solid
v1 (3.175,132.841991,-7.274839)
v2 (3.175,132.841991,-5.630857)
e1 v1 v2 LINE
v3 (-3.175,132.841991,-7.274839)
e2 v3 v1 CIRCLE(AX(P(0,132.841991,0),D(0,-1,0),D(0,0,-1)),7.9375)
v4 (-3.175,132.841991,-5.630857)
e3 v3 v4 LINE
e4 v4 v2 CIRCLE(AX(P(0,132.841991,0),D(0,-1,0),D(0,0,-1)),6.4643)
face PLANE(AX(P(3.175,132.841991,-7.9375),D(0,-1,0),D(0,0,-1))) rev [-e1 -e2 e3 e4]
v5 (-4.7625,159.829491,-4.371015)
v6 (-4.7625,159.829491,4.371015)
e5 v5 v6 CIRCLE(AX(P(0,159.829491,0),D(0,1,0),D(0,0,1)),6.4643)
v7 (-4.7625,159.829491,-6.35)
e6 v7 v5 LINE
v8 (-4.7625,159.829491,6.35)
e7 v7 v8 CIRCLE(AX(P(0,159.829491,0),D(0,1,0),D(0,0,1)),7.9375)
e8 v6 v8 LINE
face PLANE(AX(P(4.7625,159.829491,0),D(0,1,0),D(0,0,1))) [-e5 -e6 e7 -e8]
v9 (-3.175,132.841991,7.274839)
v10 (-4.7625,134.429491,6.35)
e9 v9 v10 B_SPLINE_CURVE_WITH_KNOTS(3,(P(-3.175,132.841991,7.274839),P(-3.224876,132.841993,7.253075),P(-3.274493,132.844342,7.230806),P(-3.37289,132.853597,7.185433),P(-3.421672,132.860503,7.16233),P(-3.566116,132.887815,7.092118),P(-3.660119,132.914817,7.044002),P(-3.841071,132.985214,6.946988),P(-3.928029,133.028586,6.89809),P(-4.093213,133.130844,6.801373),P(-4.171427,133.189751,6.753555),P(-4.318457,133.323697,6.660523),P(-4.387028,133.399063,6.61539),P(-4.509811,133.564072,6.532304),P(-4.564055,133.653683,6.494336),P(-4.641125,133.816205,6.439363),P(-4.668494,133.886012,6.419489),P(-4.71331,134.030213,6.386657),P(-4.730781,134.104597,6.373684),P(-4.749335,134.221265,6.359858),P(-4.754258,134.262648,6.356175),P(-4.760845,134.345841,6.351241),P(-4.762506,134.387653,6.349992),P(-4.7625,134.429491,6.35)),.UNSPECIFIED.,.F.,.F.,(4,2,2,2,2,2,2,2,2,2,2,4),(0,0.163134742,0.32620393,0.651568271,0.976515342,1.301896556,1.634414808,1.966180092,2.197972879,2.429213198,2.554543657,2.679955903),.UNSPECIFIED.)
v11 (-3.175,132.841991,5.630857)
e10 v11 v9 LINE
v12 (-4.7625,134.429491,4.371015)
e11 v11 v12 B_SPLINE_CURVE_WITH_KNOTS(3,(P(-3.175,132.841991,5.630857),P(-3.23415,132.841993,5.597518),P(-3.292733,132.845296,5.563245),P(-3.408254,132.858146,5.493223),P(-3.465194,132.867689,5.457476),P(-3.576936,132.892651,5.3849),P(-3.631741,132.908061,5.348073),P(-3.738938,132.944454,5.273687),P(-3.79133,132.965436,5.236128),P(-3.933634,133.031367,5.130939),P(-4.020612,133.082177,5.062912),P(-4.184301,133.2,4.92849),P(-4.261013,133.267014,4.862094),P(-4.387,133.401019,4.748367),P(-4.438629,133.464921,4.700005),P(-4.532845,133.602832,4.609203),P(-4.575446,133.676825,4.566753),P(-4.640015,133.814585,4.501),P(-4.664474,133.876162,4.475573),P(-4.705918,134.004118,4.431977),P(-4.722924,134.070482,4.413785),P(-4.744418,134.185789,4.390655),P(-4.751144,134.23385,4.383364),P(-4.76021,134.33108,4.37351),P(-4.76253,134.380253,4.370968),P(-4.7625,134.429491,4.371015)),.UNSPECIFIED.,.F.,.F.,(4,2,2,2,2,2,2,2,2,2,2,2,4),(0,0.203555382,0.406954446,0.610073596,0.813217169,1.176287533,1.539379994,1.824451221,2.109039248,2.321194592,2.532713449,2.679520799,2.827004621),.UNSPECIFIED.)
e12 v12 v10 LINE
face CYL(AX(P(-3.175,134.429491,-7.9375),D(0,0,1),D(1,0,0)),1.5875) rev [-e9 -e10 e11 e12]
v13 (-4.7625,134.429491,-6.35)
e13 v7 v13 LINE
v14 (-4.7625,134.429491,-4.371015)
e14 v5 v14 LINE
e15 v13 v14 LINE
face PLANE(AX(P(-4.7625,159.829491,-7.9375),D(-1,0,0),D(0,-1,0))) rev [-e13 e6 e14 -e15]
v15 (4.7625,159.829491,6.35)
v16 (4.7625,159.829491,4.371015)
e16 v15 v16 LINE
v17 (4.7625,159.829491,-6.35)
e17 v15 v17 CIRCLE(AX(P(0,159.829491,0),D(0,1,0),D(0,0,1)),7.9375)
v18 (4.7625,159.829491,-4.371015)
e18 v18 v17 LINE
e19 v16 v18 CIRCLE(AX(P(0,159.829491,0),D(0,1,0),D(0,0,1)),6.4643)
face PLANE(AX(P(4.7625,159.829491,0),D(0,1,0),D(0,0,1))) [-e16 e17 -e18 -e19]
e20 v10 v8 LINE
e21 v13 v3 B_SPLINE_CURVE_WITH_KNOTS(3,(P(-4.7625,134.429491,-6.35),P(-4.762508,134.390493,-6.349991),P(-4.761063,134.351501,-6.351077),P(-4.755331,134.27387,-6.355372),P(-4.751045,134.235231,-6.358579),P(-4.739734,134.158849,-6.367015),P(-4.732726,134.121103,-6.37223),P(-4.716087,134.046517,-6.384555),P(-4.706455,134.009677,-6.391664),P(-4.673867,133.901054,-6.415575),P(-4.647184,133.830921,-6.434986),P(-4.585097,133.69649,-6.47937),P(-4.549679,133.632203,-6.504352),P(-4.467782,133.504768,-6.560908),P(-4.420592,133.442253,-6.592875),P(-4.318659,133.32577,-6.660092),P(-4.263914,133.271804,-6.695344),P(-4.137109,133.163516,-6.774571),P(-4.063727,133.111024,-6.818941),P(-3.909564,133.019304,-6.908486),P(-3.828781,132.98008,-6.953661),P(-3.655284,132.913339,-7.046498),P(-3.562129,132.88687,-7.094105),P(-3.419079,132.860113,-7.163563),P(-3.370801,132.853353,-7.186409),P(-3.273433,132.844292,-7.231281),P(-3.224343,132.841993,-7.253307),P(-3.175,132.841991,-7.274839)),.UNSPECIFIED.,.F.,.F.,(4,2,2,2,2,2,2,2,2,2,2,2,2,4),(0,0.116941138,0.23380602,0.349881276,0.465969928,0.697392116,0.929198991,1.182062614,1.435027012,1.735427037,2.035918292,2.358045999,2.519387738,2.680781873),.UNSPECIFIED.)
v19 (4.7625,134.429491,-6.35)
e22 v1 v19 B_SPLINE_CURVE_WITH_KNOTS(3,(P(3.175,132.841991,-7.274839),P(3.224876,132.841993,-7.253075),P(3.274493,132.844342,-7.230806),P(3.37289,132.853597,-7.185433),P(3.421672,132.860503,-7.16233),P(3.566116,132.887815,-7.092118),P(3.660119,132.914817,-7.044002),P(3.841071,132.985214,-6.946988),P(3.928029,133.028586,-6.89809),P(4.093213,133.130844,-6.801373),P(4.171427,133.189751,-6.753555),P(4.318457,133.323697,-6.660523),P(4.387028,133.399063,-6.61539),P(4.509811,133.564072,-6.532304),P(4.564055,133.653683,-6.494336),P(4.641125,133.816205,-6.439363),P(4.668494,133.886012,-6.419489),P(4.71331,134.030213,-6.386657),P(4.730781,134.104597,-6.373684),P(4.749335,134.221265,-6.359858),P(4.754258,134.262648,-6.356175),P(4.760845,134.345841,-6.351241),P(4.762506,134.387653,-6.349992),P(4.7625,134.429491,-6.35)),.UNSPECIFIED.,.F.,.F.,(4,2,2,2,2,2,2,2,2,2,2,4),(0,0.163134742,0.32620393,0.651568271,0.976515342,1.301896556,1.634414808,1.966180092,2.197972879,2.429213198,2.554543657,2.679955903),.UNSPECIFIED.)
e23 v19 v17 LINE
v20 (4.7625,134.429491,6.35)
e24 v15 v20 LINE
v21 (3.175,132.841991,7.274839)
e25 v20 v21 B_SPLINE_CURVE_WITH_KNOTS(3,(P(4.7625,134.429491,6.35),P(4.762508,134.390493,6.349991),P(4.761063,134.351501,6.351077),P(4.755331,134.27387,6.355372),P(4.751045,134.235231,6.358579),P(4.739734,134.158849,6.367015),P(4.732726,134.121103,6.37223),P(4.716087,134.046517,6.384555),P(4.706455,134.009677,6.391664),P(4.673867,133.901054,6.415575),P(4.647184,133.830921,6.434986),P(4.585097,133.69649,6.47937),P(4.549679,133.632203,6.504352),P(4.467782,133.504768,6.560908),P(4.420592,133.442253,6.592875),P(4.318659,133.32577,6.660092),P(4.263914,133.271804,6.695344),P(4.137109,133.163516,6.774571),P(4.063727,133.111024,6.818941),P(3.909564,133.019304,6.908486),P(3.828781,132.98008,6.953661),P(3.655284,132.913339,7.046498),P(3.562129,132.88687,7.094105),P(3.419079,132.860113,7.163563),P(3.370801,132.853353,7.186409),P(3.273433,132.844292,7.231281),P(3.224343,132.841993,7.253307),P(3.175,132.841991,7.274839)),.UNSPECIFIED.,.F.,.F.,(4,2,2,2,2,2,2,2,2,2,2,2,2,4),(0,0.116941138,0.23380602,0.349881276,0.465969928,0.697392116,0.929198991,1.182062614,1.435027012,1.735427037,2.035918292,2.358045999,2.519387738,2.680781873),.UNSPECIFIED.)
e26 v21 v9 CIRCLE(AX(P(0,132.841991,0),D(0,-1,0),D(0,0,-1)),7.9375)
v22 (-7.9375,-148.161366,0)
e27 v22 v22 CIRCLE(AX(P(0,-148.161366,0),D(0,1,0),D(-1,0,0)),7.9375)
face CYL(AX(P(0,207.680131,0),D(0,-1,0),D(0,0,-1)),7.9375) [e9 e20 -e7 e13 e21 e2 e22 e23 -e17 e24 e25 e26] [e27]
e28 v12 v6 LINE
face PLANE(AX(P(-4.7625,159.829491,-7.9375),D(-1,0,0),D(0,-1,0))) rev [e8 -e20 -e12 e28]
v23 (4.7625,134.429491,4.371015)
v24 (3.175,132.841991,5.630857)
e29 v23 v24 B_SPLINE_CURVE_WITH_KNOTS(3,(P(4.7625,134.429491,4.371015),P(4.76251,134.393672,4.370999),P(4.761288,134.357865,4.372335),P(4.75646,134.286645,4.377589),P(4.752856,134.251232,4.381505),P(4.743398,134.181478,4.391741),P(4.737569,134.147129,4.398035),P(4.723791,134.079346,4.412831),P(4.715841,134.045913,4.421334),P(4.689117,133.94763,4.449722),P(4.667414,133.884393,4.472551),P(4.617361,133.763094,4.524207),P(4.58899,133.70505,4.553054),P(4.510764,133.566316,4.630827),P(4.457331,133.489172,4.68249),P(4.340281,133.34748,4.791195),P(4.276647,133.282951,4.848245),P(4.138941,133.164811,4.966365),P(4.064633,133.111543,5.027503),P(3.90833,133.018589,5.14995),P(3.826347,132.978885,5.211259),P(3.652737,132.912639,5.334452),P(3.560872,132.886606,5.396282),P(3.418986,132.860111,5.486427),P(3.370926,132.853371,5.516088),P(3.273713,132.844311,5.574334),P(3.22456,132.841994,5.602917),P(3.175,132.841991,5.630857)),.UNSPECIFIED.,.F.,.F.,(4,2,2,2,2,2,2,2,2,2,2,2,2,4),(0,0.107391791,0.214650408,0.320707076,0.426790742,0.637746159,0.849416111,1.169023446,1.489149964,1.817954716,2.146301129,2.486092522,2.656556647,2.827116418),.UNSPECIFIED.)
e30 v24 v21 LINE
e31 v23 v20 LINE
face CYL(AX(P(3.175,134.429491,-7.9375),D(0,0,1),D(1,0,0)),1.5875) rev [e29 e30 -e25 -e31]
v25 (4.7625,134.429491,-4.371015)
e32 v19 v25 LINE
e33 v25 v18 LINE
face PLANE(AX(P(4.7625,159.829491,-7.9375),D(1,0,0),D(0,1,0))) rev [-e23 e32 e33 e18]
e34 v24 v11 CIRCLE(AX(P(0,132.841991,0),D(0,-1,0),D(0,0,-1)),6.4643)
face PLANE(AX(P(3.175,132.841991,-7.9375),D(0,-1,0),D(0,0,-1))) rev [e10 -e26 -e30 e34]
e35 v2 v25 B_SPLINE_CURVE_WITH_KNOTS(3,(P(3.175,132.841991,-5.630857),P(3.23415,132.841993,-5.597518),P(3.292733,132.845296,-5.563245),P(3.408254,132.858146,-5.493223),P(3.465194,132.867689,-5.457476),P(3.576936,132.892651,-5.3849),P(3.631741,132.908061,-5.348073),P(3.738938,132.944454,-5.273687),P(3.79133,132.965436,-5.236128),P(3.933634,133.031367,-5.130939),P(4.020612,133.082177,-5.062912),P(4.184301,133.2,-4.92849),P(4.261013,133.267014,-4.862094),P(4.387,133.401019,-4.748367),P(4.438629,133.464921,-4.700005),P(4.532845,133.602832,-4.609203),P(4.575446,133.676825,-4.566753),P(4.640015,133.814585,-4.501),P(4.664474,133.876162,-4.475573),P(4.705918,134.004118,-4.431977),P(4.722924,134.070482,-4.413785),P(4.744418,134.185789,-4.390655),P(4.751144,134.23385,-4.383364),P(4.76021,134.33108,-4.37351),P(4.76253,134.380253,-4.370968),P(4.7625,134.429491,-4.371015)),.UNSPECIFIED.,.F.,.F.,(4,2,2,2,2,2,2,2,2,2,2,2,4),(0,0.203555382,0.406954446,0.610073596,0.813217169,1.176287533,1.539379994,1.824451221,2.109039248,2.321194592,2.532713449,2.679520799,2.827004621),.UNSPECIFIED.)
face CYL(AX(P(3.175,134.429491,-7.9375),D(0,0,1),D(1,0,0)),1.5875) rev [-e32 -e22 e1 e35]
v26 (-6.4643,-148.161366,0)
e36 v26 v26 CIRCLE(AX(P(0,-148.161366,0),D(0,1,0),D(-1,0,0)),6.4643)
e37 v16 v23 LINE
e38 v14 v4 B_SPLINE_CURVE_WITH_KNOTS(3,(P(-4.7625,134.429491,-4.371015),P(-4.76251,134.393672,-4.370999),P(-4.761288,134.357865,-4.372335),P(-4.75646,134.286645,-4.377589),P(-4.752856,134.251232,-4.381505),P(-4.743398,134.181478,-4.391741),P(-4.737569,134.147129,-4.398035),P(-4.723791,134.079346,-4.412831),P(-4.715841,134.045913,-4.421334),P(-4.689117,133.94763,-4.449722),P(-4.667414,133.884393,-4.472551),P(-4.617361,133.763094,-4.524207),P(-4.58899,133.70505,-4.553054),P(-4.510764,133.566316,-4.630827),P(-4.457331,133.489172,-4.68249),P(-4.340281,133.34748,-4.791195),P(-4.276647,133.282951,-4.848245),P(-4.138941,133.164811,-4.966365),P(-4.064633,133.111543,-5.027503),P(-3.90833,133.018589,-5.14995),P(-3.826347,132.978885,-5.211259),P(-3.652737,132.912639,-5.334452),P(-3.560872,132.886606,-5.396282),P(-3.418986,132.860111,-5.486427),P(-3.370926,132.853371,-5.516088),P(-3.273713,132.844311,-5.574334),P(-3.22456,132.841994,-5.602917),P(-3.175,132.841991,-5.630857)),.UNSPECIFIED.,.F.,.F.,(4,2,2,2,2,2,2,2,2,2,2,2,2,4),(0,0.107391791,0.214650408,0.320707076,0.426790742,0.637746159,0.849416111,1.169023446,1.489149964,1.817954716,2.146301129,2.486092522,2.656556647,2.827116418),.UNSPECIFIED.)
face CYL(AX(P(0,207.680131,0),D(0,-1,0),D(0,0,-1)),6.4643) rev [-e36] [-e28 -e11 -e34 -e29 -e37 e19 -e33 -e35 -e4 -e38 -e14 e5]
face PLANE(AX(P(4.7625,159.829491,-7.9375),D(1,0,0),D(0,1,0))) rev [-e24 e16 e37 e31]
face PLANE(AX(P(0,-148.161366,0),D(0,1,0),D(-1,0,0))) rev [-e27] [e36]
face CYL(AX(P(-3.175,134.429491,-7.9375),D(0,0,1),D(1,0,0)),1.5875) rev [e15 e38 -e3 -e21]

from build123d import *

# Parameters (mm, degrees)
BOSS_EXTRUDE1_START     = -148.161366
SKETCH1_R               = 7.9375
SKETCH1_R_2             = 6.4643
BOSS_EXTRUDE1_DEPTH     = 307.990856341
CUT_EXTRUDE1_DEPTH      = 161.223199928
CUT_EXTRUDE1_DEPTH_BACK = 161.223199928


with BuildPart() as part:
    # Sketch1 → Boss-Extrude1 (new body)
    with BuildSketch(Plane(origin=(0, 0, 0), x_dir=(1, 0, 0), z_dir=(0, 1, 0)).offset(BOSS_EXTRUDE1_START)):
        with Locations(Location((0, 0, 0), (0, 0, 180))):
            Circle(SKETCH1_R)
        with Locations(Location((0, 0, 0), (0, 0, 180))):
            Circle(SKETCH1_R_2, mode=Mode.SUBTRACT)
    extrude(amount=BOSS_EXTRUDE1_DEPTH)

    # Sketch2 → Cut-Extrude1 (cut, two sides: drawn at the far end of the back side and taken through both)
    with BuildSketch(Plane.XY.offset(-CUT_EXTRUDE1_DEPTH_BACK)):
        with BuildLine():
            Line((4.7625, 159.829490671), (-4.7625, 159.829490671))
            Line((-4.7625, 159.829490671), (-4.7625, 134.429490671))
            ThreePointArc((-4.7625, 134.429490671), (-4.297532015, 133.306958655), (-3.175, 132.841990671))
            Line((-3.175, 132.841990671), (3.175, 132.841990671))
            ThreePointArc((3.175, 132.841990671), (4.297532015, 133.306958655), (4.7625, 134.429490671))
            Line((4.7625, 134.429490671), (4.7625, 159.829490671))
        make_face()
    extrude(amount=CUT_EXTRUDE1_DEPTH + CUT_EXTRUDE1_DEPTH_BACK, mode=Mode.SUBTRACT)


solid = part.part
